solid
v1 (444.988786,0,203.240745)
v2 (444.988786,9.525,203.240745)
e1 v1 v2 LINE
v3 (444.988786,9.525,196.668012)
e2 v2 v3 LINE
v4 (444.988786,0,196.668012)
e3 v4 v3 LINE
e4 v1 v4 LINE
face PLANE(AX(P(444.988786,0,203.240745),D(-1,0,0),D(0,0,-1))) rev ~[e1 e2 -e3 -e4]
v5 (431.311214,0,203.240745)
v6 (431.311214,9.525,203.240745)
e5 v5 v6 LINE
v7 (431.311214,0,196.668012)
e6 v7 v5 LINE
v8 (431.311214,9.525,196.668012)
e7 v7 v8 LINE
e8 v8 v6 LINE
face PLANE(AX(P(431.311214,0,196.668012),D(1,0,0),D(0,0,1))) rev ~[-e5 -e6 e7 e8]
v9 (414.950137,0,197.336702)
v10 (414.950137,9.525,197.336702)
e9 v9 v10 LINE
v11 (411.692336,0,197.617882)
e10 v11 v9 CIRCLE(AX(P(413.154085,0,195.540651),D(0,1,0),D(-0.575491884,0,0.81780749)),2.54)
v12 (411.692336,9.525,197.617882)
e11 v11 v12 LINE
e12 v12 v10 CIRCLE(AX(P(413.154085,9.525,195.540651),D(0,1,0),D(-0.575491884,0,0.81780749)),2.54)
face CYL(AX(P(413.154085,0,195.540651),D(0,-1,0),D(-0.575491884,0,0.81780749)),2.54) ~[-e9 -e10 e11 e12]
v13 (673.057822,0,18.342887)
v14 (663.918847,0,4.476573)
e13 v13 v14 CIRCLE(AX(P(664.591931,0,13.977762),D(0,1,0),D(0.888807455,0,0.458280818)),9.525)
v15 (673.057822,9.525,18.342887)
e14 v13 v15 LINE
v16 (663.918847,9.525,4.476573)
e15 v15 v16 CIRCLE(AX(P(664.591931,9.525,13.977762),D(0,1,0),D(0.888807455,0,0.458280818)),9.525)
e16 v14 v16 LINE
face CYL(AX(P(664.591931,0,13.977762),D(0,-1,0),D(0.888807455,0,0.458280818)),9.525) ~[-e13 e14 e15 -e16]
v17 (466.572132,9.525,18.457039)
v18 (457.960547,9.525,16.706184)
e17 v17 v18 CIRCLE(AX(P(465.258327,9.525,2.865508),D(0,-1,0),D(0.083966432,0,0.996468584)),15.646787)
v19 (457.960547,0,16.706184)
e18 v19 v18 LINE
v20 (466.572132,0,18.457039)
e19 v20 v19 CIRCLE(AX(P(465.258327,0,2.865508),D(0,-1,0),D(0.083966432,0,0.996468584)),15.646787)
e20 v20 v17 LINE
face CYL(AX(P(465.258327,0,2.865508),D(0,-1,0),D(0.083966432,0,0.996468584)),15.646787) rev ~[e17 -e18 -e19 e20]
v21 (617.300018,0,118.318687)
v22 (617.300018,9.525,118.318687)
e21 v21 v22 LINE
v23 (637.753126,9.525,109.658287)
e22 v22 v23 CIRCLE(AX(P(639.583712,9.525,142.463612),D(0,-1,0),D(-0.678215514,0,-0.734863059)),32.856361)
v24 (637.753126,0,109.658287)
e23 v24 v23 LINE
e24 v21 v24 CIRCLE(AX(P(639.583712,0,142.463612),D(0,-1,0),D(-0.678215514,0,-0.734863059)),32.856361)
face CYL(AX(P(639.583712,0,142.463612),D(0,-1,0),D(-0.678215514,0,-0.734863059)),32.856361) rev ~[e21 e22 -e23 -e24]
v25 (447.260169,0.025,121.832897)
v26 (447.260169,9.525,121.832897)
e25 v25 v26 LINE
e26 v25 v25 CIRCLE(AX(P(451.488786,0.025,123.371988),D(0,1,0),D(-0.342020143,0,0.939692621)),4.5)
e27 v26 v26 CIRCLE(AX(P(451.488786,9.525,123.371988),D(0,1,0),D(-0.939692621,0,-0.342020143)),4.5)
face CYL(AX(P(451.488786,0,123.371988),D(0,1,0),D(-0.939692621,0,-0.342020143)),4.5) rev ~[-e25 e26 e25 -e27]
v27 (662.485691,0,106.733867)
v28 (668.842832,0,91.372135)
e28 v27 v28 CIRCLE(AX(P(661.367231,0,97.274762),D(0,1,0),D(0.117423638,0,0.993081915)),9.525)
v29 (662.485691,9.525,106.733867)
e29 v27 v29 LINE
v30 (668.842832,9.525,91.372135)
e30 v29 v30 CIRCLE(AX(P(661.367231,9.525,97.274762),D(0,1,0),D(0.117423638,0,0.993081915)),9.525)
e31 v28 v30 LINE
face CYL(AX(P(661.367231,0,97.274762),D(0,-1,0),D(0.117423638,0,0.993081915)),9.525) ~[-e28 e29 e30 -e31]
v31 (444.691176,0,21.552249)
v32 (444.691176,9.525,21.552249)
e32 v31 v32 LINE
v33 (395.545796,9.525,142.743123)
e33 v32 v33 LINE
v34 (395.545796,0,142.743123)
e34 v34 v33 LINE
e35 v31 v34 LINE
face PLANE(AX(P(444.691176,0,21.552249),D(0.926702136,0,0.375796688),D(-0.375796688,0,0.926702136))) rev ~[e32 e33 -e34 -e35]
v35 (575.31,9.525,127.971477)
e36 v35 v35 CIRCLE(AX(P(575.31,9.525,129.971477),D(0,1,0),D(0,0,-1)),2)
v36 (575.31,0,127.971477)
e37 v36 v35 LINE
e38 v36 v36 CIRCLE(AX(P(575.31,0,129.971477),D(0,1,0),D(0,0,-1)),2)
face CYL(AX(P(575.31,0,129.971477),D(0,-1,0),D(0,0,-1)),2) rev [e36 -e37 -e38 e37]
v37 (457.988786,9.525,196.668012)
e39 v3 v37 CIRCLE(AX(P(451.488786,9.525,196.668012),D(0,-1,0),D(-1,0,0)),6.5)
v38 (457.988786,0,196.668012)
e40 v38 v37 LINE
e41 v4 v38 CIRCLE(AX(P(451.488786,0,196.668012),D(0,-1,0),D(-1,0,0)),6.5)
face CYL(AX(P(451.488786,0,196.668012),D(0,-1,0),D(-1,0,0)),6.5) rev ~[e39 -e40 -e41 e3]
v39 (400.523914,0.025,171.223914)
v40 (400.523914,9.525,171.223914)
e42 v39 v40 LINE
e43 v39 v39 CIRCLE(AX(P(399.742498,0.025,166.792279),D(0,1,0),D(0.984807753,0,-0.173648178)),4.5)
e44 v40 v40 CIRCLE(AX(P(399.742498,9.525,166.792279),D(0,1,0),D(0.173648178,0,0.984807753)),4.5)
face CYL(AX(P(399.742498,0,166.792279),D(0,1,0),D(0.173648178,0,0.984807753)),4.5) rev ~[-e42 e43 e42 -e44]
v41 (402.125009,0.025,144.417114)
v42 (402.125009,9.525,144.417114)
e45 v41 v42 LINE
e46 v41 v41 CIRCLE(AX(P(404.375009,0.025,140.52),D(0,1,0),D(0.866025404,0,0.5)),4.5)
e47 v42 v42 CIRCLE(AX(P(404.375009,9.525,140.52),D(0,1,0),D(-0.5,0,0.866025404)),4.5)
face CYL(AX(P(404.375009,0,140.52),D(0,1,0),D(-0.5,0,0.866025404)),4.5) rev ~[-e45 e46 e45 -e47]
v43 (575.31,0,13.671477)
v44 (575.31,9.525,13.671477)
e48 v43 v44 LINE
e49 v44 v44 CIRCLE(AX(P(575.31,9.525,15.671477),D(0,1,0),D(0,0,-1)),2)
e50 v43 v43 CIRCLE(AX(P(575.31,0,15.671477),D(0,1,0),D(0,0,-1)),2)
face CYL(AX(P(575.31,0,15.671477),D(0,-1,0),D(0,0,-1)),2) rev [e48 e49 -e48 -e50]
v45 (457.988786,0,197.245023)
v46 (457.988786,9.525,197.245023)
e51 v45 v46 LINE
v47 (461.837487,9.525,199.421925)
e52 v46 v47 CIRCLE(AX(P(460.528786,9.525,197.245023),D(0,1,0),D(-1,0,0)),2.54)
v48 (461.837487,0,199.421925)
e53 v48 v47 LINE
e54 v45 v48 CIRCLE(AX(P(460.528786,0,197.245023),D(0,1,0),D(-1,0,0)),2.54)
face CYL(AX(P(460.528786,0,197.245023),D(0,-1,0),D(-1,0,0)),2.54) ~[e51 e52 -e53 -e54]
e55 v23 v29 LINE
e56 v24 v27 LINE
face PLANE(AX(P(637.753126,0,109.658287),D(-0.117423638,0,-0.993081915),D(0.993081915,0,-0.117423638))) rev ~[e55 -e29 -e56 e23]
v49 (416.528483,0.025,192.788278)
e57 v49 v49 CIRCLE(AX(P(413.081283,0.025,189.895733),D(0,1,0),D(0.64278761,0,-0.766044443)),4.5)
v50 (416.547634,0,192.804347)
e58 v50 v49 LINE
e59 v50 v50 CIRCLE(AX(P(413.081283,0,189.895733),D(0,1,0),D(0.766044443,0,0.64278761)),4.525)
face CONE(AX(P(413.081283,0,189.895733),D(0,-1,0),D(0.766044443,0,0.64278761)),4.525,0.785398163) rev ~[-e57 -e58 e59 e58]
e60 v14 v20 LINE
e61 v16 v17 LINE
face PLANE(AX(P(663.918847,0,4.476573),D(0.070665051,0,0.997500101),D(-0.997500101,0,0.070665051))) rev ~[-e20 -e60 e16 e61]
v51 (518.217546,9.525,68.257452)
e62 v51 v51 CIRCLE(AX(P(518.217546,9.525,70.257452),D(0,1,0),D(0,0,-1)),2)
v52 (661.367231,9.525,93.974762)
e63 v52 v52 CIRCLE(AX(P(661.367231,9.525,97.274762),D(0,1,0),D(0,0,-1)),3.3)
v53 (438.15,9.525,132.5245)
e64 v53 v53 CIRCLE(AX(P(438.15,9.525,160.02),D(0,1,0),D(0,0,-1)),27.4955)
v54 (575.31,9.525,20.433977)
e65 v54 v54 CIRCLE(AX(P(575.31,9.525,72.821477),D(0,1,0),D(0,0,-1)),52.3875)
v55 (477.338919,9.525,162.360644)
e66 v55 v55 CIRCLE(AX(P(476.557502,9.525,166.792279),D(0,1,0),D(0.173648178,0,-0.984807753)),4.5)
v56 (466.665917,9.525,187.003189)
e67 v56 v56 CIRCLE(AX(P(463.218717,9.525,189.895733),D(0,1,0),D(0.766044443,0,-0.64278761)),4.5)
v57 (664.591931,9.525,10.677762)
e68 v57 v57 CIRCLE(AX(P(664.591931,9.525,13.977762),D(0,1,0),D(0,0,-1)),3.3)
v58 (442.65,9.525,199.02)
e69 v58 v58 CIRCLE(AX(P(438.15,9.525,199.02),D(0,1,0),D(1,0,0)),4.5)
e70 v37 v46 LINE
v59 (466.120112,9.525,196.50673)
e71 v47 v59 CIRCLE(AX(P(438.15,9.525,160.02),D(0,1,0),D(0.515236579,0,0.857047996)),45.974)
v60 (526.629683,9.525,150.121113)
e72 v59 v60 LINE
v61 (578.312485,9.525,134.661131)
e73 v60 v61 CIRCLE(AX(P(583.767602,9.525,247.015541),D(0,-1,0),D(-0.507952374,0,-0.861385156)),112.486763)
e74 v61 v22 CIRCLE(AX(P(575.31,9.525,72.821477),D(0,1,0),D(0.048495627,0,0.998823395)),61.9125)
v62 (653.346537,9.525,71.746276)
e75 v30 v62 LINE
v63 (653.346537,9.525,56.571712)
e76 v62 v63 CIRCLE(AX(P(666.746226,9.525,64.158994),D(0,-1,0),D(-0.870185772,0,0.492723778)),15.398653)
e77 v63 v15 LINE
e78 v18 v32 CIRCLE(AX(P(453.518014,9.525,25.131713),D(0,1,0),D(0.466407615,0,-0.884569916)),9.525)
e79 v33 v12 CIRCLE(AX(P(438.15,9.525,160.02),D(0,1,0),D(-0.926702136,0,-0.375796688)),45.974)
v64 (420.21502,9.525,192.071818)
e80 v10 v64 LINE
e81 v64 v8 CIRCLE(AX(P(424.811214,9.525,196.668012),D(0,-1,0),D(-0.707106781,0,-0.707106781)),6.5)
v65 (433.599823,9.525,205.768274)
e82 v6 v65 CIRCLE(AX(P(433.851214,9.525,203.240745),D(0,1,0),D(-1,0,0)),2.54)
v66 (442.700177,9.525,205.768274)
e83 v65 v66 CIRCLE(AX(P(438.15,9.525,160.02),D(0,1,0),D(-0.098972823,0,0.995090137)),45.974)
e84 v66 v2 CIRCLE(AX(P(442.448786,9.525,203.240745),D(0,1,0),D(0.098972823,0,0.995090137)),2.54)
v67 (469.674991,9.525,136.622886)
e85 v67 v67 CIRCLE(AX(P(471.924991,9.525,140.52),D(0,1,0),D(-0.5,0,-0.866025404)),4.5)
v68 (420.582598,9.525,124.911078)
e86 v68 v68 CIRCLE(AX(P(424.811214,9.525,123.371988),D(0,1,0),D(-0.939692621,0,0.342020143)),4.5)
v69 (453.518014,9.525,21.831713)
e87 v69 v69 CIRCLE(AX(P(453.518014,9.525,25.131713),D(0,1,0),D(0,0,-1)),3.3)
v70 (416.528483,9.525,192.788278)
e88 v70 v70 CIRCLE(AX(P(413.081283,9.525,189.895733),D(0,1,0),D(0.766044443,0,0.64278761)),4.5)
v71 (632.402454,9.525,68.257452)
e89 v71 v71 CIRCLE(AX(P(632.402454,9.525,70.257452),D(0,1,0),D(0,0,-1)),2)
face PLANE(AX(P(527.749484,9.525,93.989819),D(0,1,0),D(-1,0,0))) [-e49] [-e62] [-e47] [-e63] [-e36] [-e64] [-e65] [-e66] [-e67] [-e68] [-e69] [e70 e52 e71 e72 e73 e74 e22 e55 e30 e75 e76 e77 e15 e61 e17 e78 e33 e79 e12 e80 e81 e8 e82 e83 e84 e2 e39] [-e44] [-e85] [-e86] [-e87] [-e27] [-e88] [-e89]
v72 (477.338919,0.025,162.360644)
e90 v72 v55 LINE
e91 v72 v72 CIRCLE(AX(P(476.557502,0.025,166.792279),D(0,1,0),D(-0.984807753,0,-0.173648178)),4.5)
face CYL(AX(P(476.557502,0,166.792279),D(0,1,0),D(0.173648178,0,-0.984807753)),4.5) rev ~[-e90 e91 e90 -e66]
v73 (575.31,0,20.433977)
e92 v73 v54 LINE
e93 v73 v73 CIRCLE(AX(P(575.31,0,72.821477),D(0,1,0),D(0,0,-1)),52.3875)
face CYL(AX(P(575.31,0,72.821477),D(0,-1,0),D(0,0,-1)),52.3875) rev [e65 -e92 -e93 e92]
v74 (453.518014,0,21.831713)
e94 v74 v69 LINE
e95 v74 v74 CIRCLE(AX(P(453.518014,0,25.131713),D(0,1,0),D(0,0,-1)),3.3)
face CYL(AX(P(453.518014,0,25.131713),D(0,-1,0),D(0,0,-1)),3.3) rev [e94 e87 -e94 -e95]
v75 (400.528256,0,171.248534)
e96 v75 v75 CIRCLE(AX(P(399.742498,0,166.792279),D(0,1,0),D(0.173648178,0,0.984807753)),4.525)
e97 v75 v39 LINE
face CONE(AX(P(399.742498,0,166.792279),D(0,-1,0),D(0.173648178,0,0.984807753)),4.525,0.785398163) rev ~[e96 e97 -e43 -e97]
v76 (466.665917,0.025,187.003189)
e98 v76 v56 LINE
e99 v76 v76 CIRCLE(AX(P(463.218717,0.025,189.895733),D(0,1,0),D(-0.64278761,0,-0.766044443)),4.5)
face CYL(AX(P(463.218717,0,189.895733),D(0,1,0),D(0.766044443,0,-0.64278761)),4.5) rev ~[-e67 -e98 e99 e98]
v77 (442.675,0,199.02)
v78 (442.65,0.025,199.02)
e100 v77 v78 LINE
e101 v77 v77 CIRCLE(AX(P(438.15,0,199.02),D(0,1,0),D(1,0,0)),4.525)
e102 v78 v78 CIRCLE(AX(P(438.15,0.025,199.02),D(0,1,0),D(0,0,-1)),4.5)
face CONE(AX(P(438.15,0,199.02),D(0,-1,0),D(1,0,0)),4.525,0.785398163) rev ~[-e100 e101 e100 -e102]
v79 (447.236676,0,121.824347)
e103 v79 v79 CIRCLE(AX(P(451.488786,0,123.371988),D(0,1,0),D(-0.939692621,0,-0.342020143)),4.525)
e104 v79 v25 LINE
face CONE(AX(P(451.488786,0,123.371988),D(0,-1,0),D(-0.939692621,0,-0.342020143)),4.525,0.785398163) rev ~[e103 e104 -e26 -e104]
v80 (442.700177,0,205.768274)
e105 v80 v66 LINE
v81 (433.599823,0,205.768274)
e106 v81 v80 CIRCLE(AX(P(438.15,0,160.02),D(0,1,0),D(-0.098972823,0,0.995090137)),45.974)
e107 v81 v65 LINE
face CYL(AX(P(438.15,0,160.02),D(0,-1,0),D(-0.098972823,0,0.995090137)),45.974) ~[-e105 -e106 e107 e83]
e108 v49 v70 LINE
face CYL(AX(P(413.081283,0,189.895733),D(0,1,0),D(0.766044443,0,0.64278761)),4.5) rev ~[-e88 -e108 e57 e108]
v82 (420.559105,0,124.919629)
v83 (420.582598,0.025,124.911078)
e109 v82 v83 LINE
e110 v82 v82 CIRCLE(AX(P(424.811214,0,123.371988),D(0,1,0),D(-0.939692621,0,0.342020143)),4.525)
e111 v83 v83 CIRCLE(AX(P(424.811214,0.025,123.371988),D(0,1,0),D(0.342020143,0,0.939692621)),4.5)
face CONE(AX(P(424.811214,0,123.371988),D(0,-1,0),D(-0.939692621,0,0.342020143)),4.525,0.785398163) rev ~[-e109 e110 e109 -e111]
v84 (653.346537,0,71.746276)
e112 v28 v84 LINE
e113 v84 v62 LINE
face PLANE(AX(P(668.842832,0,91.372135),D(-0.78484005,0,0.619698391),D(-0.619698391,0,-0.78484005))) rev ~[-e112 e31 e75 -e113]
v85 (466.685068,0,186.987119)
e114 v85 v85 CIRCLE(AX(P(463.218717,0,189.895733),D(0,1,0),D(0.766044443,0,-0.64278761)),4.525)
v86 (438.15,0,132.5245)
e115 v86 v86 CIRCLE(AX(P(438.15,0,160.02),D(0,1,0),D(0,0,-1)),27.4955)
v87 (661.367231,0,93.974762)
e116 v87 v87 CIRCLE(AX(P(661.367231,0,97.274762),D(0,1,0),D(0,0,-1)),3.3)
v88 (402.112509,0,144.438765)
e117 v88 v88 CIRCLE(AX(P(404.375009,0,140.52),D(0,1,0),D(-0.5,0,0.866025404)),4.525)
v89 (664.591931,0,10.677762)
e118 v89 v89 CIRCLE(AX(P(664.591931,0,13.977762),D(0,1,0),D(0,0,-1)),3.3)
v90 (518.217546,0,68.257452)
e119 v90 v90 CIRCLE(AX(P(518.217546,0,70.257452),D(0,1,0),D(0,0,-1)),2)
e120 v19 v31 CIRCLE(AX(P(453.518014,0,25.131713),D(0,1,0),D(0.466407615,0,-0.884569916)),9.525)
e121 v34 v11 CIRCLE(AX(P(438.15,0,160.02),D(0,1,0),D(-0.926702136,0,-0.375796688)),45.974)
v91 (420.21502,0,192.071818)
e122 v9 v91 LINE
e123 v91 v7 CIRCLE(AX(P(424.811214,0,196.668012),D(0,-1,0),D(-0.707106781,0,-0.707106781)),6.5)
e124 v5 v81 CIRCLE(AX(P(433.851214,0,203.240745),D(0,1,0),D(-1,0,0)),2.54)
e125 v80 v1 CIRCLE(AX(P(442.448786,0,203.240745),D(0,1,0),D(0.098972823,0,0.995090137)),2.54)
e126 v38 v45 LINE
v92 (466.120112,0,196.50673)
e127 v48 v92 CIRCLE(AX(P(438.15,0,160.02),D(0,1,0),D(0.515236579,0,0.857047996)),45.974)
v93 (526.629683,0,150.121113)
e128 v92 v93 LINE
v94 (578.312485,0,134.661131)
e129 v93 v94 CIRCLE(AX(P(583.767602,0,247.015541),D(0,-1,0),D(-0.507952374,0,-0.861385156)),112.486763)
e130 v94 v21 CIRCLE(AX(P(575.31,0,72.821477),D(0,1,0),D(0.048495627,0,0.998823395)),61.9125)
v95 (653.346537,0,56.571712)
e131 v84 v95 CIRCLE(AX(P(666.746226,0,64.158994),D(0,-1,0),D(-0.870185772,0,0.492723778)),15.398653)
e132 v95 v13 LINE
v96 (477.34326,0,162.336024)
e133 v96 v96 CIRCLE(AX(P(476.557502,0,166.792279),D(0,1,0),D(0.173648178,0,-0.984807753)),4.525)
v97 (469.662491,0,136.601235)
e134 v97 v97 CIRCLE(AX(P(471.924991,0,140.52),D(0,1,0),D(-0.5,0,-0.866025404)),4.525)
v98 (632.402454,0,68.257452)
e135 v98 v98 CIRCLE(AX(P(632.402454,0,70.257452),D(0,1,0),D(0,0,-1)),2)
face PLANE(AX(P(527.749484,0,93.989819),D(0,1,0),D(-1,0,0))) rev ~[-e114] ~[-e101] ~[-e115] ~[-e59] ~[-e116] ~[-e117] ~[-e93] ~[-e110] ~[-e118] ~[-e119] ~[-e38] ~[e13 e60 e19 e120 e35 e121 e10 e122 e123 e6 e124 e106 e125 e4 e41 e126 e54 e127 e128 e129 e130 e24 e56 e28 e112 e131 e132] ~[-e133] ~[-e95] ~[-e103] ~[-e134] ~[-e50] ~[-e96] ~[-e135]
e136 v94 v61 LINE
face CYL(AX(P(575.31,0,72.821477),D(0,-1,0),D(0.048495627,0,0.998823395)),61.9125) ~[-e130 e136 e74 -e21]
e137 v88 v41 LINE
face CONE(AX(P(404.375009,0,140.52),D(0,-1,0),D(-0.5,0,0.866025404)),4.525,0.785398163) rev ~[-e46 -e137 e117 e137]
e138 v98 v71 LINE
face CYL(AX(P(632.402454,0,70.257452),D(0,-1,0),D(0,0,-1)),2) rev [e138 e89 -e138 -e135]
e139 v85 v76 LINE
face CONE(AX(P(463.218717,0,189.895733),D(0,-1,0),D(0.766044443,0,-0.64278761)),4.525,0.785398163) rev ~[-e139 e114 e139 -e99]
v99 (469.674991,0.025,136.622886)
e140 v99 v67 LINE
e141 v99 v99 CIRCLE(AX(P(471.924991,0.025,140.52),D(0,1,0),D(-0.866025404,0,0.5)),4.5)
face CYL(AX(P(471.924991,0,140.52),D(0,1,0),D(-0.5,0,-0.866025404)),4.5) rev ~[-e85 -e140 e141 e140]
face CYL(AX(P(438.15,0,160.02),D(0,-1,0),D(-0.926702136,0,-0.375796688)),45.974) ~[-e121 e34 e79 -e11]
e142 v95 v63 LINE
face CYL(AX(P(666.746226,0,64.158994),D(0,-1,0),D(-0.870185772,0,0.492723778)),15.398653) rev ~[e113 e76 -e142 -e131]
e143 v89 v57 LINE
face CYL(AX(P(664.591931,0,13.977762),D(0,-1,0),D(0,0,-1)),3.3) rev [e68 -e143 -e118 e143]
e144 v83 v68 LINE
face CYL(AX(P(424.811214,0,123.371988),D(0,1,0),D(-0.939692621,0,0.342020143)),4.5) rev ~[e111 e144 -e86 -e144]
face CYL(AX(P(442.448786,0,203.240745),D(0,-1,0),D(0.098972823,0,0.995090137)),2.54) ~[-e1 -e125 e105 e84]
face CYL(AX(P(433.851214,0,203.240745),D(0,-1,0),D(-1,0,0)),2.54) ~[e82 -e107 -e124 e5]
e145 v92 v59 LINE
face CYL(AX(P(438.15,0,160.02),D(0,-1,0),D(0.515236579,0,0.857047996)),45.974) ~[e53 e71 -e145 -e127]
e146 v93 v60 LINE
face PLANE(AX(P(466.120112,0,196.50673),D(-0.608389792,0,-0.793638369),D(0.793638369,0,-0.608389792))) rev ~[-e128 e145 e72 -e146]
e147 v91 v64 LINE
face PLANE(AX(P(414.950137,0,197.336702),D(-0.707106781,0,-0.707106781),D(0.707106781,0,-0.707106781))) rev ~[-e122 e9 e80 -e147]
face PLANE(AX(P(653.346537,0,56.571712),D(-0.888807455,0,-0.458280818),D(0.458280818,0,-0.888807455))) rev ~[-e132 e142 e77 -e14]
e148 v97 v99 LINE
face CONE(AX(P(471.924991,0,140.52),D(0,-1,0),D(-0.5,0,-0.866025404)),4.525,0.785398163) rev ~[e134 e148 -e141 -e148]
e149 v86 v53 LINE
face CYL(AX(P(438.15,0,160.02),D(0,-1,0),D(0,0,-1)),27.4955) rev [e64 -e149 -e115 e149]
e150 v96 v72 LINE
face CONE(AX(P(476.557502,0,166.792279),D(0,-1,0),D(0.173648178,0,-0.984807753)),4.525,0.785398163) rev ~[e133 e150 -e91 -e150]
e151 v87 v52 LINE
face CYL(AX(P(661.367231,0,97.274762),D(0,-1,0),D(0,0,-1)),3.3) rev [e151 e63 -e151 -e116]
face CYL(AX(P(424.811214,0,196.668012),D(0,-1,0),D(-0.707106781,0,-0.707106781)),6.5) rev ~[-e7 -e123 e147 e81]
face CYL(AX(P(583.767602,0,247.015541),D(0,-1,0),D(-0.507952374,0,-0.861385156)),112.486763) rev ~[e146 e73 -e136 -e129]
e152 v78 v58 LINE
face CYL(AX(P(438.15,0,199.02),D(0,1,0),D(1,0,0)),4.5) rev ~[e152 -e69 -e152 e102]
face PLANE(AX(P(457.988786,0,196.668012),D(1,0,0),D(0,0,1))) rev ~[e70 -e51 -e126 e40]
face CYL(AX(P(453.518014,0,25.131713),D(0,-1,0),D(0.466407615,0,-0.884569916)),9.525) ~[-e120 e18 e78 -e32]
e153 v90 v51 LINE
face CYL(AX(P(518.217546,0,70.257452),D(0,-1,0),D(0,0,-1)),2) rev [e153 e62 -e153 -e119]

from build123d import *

# Parameters (mm, degrees)
SKETCH1_R                      = 27.4955
SKETCH1_R_2                    = 2
SKETCH1_R_3                    = 52.3875
SKETCH1_R_4                    = 3.3
BOSS_EXTRUDE1_DEPTH            = 9.525
M8_CLEARANCE_HOLE1_D           = 9
M8_CLEARANCE_HOLE1_CSINK_D     = 9.05
M8_CLEARANCE_HOLE1_CSINK_ANGLE = 90
CIRPATTERN1_COUNT              = 9


with BuildPart() as part:
    # Sketch1 → Boss-Extrude1 (new body)
    with BuildSketch(Plane(origin=(0, 0, 0), x_dir=(-1, 0, 0), z_dir=(0, 1, 0))):
        with BuildLine():
            Line((-663.918846707, 4.476573271), (-466.57213203, 18.457038772))
            ThreePointArc((-466.57213203, 18.457038772), (-462.140898161, 18.198594818), (-457.960546806, 16.706184206))
            ThreePointArc((-457.960546806, 16.706184206), (-450.250504554, 16.184701691), (-444.691176426, 21.552249203))
            Line((-444.691176426, 21.552249203), (-395.545795992, 142.743123059))
            ThreePointArc((-395.545795992, 142.743123059), (-394.045633102, 172.997422567), (-411.692336104, 197.617881552))
            ThreePointArc((-411.692336104, 197.617881552), (-413.372500119, 198.071242365), (-414.950136715, 197.336701751))
            Line((-414.950136715, 197.336701751), (-420.215020333, 192.071818133))
            ThreePointArc((-420.215020333, 192.071818133), (-427.298656721, 190.662795249), (-431.31121441, 196.668012211))
            Line((-431.31121441, 196.668012211), (-431.31121441, 203.240745001))
            ThreePointArc((-431.31121441, 203.240745001), (-431.968379704, 204.945600851), (-433.59982344, 205.768273949))
            ThreePointArc((-433.59982344, 205.768273949), (-438.15, 205.994), (-442.70017656, 205.768273949))
            ThreePointArc((-442.70017656, 205.768273949), (-444.331620296, 204.945600851), (-444.98878559, 203.240745001))
            Line((-444.98878559, 203.240745001), (-444.98878559, 196.668012211))
            ThreePointArc((-444.98878559, 196.668012211), (-451.48878559, 190.168012211), (-457.98878559, 196.668012211))
            Line((-457.98878559, 196.668012211), (-457.98878559, 197.245022653))
            ThreePointArc((-457.98878559, 197.245022653), (-459.278285753, 199.455870942), (-461.837486501, 199.421924563))
            ThreePointArc((-461.837486501, 199.421924563), (-464.019895008, 198.024699819), (-466.120112298, 196.506730383))
            Line((-466.120112298, 196.506730383), (-526.629683433, 150.121113421))
            ThreePointArc((-526.629683433, 150.121113421), (-551.530592574, 139.247052869), (-578.312485484, 134.661130809))
            ThreePointArc((-578.312485484, 134.661130809), (-599.244289514, 129.920579306), (-617.300018038, 118.318686532))
            ThreePointArc((-617.300018038, 118.318686532), (-626.772573796, 112.207783301), (-637.753125569, 109.658286556))
            Line((-637.753125569, 109.658286556), (-662.485690794, 106.73386739))
            ThreePointArc((-662.485690794, 106.73386739), (-670.168377129, 100.916938085), (-668.842832121, 91.372134981))
            Line((-668.842832121, 91.372134981), (-653.346537148, 71.746276485))
            ThreePointArc((-653.346537148, 71.746276485), (-651.347572908, 64.158994024), (-653.346537148, 56.571711562))
            Line((-653.346537148, 56.571711562), (-673.057822329, 18.34288652))
            ThreePointArc((-673.057822329, 18.34288652), (-672.544957076, 8.73610108), (-663.918846707, 4.476573271))
        make_face()
        with Locations(Location((-438.15, 160.02, 0), (0, 0, 270))):
            Circle(SKETCH1_R, mode=Mode.SUBTRACT)
        with Locations(Location((-632.402453753, 70.257452317, 0), (0, 0, 270))):
            Circle(SKETCH1_R_2, mode=Mode.SUBTRACT)
        with Locations(Location((-575.31, 72.821477372, 0), (0, 0, 270))):
            Circle(SKETCH1_R_3, mode=Mode.SUBTRACT)
        with Locations(Location((-661.367230642, 97.274762153, 0), (0, 0, 270))):
            Circle(SKETCH1_R_4, mode=Mode.SUBTRACT)
        with Locations(Location((-664.591931322, 13.977761728, 0), (0, 0, 270))):
            Circle(SKETCH1_R_4, mode=Mode.SUBTRACT)
        with Locations(Location((-453.518014272, 25.131712658, 0), (0, 0, 270))):
            Circle(SKETCH1_R_4, mode=Mode.SUBTRACT)
        with BuildLine():
            ThreePointArc((-518.217546247, 72.257452317), (-520.217546247, 70.257452317), (-518.217546247, 68.257452317))
            ThreePointArc((-518.217546247, 68.257452317), (-516.217546247, 70.257452317), (-518.217546247, 72.257452317))
        make_face(mode=Mode.SUBTRACT)
        with BuildLine():
            ThreePointArc((-575.31, 17.671477372), (-577.31, 15.671477372), (-575.31, 13.671477372))
            ThreePointArc((-575.31, 13.671477372), (-573.31, 15.671477372), (-575.31, 17.671477372))
        make_face(mode=Mode.SUBTRACT)
        with BuildLine():
            ThreePointArc((-575.31, 131.971477372), (-577.31, 129.971477372), (-575.31, 127.971477372))
            ThreePointArc((-575.31, 127.971477372), (-573.31, 129.971477372), (-575.31, 131.971477372))
        make_face(mode=Mode.SUBTRACT)
    extrude(amount=BOSS_EXTRUDE1_DEPTH)

    # M8 Clearance Hole1 (through all)
    with Locations(Plane(origin=(0, 0, 0), x_dir=(-1, 0, 0), z_dir=(0, -1, 0))):
        with Locations((-438.15, -199.019999978)):
            m8_clearance_hole1 = CounterSinkHole(M8_CLEARANCE_HOLE1_D / 2, M8_CLEARANCE_HOLE1_CSINK_D / 2, counter_sink_angle=M8_CLEARANCE_HOLE1_CSINK_ANGLE)

    # CirPattern1: M8 Clearance Hole1 ×9 about axis
    cirpattern1_axis = Axis((438.15, 0, 160.02), (0, 1, 0))
    for i in range(1, CIRPATTERN1_COUNT):
        add(m8_clearance_hole1.rotate(cirpattern1_axis, i * 360 / CIRPATTERN1_COUNT), mode=Mode.SUBTRACT)


solid = part.part
